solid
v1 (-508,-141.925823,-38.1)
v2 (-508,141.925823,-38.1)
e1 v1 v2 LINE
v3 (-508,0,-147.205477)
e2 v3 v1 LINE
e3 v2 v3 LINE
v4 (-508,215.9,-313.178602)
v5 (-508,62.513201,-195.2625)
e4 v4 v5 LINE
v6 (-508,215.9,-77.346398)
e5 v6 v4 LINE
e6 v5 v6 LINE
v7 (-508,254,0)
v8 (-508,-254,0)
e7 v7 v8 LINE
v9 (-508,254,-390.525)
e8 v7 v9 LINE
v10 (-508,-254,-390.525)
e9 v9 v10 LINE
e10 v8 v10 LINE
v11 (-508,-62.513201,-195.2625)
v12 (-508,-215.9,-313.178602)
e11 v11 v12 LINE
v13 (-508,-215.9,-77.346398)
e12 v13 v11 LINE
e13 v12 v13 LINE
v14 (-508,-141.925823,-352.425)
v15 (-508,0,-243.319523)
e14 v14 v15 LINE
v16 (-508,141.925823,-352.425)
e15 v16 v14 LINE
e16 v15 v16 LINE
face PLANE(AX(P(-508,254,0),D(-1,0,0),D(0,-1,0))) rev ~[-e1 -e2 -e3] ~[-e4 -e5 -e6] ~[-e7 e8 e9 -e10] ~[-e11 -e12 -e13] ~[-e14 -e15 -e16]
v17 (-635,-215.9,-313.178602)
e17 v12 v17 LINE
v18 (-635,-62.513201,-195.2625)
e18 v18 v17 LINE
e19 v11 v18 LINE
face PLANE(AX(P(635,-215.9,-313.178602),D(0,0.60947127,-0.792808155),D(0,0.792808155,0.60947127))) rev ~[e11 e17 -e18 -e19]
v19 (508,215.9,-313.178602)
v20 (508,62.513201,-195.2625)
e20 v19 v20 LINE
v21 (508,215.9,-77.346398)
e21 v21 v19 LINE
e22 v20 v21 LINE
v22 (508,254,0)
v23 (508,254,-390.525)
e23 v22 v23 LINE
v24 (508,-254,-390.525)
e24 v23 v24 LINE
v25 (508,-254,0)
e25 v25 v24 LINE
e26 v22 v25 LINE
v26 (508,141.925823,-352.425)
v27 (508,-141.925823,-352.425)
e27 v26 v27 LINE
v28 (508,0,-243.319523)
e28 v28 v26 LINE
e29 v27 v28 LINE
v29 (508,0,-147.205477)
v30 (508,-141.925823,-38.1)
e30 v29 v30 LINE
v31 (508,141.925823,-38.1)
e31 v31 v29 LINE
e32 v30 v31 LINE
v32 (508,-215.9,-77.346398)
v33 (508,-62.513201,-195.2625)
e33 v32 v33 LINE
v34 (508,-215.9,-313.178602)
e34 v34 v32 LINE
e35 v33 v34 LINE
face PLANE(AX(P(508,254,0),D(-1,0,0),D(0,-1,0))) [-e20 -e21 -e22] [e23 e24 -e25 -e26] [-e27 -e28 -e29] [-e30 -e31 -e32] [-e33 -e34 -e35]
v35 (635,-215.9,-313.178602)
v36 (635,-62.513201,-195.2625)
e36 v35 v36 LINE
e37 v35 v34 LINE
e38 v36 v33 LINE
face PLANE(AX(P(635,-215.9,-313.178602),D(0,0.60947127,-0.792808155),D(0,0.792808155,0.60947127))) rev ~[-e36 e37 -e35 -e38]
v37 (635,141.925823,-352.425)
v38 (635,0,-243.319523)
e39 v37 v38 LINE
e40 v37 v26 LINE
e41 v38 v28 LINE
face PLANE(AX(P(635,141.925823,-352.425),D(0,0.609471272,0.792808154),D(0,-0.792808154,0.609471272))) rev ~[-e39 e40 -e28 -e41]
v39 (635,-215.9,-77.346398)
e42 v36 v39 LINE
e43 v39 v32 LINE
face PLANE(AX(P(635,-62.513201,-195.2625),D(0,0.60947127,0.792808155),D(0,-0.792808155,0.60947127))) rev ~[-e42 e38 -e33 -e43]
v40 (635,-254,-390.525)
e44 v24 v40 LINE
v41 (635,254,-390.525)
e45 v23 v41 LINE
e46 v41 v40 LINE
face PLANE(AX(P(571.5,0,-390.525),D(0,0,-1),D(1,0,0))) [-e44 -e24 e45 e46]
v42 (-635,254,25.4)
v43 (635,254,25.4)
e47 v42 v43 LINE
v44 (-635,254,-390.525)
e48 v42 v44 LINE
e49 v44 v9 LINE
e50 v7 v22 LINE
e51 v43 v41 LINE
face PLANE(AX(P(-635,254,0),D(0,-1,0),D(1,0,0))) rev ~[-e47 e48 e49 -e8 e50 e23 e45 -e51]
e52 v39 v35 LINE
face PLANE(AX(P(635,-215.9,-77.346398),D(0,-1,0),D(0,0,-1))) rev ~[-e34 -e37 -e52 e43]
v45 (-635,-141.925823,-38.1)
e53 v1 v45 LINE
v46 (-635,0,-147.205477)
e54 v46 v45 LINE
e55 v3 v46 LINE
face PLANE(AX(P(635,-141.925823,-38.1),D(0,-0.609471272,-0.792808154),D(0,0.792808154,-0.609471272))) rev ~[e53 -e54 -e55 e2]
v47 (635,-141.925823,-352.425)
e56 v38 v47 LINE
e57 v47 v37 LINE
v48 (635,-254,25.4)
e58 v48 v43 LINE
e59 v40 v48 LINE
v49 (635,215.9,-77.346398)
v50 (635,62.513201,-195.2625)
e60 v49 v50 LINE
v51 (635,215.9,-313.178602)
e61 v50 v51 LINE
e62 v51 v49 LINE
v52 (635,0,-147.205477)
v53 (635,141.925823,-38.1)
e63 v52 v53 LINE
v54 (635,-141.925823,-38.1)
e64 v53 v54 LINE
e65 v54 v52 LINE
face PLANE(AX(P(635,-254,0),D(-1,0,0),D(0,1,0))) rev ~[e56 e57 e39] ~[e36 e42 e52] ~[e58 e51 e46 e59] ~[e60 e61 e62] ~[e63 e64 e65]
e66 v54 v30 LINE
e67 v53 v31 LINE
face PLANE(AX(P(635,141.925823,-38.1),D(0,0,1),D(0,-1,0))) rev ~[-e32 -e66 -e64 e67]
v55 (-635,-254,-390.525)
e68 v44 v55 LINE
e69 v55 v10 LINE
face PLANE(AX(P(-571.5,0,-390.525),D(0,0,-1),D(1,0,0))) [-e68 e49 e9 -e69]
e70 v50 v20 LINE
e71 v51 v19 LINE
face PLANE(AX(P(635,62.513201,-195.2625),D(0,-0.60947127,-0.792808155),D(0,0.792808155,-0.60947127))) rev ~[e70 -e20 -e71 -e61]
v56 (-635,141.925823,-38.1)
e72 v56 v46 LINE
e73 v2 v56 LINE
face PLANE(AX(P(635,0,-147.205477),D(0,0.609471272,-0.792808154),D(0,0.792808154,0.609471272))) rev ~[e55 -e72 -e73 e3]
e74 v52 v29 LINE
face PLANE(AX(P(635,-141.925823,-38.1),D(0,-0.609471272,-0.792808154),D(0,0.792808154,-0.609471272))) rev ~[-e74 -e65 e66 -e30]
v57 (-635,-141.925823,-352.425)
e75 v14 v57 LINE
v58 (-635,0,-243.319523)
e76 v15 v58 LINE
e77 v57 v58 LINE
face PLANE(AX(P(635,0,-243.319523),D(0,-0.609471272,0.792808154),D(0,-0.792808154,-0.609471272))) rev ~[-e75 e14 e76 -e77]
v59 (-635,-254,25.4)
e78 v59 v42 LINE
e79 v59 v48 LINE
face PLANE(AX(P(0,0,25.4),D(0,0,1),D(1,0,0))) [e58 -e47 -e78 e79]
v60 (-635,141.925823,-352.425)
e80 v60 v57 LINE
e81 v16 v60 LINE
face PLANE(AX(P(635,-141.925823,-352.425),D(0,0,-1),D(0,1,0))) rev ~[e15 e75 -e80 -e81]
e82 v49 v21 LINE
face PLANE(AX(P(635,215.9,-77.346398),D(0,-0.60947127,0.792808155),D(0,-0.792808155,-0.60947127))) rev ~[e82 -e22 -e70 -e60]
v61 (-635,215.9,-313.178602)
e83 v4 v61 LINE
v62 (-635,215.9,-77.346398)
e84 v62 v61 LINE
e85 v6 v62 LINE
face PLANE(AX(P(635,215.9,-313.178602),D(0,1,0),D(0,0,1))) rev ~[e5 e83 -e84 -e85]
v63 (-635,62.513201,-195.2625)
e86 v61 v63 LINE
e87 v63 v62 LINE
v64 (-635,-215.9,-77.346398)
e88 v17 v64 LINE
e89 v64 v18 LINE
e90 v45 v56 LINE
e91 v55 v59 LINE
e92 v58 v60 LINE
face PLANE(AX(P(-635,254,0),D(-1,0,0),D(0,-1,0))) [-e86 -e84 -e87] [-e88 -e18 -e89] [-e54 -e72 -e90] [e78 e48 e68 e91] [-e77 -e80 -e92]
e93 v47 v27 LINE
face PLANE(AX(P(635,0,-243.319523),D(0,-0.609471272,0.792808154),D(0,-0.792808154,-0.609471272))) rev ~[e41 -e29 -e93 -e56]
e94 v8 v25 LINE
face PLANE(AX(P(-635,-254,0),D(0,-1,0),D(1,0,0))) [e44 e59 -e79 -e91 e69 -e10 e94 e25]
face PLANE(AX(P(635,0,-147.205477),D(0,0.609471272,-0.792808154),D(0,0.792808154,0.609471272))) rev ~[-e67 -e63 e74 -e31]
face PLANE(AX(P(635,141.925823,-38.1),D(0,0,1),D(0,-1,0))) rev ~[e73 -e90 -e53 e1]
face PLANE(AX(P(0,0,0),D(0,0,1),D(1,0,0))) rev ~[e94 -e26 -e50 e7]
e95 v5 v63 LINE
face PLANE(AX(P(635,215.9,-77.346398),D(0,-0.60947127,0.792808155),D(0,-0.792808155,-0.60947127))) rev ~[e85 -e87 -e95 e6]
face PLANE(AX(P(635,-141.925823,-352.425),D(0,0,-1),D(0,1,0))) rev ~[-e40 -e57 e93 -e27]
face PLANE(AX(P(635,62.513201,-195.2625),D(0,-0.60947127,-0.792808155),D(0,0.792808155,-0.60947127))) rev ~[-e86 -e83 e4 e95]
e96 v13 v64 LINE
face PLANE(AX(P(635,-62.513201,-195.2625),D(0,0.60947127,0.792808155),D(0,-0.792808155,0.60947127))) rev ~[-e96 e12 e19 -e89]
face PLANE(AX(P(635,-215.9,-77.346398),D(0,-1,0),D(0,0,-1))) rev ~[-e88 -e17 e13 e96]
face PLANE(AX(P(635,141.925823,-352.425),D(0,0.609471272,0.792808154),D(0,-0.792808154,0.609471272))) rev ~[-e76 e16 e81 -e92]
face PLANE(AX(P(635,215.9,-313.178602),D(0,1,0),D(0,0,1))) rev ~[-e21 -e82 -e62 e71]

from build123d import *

# Parameters (mm, degrees)
F0_W     = 1270
F0_H     = 508
F1_DEPTH = 25.4
F2_W     = 127
F2_H     = 508
F3_DEPTH = 390.525
F5_DEPTH = 1270.001


with BuildPart() as f1:
    # F0 (on Top) → F1 (new body)
    with BuildSketch(Plane.XY):
        Rectangle(F0_W, F0_H)
    extrude(amount=F1_DEPTH)

    # F2 (on face) → F3 (join)
    with BuildSketch(Plane(origin=(0, 0, 0), x_dir=(1, 0, 0), z_dir=(0, 0, -1))):
        with Locations((-571.5, 0)):
            Rectangle(F2_W, F2_H)
        with Locations((571.5, 0)):
            Rectangle(F2_W, F2_H)
    extrude(amount=F3_DEPTH)

    # F4 (on face) → F5 (cut, through all)
    with BuildSketch(Plane.YZ.offset(635)):
        Polygon((0, -243.319523), (-141.925823, -352.425), (141.925823, -352.425), align=None)
        Polygon((215.9, -77.346398), (62.513201, -195.2625), (215.9, -313.178602), align=None)
        Polygon((0, -147.205477), (141.925823, -38.1), (-141.925823, -38.1), align=None)
        Polygon((-215.9, -313.178602), (-62.513201, -195.2625), (-215.9, -77.346398), align=None)
    extrude(amount=-F5_DEPTH, mode=Mode.SUBTRACT)


solid = f1.part
